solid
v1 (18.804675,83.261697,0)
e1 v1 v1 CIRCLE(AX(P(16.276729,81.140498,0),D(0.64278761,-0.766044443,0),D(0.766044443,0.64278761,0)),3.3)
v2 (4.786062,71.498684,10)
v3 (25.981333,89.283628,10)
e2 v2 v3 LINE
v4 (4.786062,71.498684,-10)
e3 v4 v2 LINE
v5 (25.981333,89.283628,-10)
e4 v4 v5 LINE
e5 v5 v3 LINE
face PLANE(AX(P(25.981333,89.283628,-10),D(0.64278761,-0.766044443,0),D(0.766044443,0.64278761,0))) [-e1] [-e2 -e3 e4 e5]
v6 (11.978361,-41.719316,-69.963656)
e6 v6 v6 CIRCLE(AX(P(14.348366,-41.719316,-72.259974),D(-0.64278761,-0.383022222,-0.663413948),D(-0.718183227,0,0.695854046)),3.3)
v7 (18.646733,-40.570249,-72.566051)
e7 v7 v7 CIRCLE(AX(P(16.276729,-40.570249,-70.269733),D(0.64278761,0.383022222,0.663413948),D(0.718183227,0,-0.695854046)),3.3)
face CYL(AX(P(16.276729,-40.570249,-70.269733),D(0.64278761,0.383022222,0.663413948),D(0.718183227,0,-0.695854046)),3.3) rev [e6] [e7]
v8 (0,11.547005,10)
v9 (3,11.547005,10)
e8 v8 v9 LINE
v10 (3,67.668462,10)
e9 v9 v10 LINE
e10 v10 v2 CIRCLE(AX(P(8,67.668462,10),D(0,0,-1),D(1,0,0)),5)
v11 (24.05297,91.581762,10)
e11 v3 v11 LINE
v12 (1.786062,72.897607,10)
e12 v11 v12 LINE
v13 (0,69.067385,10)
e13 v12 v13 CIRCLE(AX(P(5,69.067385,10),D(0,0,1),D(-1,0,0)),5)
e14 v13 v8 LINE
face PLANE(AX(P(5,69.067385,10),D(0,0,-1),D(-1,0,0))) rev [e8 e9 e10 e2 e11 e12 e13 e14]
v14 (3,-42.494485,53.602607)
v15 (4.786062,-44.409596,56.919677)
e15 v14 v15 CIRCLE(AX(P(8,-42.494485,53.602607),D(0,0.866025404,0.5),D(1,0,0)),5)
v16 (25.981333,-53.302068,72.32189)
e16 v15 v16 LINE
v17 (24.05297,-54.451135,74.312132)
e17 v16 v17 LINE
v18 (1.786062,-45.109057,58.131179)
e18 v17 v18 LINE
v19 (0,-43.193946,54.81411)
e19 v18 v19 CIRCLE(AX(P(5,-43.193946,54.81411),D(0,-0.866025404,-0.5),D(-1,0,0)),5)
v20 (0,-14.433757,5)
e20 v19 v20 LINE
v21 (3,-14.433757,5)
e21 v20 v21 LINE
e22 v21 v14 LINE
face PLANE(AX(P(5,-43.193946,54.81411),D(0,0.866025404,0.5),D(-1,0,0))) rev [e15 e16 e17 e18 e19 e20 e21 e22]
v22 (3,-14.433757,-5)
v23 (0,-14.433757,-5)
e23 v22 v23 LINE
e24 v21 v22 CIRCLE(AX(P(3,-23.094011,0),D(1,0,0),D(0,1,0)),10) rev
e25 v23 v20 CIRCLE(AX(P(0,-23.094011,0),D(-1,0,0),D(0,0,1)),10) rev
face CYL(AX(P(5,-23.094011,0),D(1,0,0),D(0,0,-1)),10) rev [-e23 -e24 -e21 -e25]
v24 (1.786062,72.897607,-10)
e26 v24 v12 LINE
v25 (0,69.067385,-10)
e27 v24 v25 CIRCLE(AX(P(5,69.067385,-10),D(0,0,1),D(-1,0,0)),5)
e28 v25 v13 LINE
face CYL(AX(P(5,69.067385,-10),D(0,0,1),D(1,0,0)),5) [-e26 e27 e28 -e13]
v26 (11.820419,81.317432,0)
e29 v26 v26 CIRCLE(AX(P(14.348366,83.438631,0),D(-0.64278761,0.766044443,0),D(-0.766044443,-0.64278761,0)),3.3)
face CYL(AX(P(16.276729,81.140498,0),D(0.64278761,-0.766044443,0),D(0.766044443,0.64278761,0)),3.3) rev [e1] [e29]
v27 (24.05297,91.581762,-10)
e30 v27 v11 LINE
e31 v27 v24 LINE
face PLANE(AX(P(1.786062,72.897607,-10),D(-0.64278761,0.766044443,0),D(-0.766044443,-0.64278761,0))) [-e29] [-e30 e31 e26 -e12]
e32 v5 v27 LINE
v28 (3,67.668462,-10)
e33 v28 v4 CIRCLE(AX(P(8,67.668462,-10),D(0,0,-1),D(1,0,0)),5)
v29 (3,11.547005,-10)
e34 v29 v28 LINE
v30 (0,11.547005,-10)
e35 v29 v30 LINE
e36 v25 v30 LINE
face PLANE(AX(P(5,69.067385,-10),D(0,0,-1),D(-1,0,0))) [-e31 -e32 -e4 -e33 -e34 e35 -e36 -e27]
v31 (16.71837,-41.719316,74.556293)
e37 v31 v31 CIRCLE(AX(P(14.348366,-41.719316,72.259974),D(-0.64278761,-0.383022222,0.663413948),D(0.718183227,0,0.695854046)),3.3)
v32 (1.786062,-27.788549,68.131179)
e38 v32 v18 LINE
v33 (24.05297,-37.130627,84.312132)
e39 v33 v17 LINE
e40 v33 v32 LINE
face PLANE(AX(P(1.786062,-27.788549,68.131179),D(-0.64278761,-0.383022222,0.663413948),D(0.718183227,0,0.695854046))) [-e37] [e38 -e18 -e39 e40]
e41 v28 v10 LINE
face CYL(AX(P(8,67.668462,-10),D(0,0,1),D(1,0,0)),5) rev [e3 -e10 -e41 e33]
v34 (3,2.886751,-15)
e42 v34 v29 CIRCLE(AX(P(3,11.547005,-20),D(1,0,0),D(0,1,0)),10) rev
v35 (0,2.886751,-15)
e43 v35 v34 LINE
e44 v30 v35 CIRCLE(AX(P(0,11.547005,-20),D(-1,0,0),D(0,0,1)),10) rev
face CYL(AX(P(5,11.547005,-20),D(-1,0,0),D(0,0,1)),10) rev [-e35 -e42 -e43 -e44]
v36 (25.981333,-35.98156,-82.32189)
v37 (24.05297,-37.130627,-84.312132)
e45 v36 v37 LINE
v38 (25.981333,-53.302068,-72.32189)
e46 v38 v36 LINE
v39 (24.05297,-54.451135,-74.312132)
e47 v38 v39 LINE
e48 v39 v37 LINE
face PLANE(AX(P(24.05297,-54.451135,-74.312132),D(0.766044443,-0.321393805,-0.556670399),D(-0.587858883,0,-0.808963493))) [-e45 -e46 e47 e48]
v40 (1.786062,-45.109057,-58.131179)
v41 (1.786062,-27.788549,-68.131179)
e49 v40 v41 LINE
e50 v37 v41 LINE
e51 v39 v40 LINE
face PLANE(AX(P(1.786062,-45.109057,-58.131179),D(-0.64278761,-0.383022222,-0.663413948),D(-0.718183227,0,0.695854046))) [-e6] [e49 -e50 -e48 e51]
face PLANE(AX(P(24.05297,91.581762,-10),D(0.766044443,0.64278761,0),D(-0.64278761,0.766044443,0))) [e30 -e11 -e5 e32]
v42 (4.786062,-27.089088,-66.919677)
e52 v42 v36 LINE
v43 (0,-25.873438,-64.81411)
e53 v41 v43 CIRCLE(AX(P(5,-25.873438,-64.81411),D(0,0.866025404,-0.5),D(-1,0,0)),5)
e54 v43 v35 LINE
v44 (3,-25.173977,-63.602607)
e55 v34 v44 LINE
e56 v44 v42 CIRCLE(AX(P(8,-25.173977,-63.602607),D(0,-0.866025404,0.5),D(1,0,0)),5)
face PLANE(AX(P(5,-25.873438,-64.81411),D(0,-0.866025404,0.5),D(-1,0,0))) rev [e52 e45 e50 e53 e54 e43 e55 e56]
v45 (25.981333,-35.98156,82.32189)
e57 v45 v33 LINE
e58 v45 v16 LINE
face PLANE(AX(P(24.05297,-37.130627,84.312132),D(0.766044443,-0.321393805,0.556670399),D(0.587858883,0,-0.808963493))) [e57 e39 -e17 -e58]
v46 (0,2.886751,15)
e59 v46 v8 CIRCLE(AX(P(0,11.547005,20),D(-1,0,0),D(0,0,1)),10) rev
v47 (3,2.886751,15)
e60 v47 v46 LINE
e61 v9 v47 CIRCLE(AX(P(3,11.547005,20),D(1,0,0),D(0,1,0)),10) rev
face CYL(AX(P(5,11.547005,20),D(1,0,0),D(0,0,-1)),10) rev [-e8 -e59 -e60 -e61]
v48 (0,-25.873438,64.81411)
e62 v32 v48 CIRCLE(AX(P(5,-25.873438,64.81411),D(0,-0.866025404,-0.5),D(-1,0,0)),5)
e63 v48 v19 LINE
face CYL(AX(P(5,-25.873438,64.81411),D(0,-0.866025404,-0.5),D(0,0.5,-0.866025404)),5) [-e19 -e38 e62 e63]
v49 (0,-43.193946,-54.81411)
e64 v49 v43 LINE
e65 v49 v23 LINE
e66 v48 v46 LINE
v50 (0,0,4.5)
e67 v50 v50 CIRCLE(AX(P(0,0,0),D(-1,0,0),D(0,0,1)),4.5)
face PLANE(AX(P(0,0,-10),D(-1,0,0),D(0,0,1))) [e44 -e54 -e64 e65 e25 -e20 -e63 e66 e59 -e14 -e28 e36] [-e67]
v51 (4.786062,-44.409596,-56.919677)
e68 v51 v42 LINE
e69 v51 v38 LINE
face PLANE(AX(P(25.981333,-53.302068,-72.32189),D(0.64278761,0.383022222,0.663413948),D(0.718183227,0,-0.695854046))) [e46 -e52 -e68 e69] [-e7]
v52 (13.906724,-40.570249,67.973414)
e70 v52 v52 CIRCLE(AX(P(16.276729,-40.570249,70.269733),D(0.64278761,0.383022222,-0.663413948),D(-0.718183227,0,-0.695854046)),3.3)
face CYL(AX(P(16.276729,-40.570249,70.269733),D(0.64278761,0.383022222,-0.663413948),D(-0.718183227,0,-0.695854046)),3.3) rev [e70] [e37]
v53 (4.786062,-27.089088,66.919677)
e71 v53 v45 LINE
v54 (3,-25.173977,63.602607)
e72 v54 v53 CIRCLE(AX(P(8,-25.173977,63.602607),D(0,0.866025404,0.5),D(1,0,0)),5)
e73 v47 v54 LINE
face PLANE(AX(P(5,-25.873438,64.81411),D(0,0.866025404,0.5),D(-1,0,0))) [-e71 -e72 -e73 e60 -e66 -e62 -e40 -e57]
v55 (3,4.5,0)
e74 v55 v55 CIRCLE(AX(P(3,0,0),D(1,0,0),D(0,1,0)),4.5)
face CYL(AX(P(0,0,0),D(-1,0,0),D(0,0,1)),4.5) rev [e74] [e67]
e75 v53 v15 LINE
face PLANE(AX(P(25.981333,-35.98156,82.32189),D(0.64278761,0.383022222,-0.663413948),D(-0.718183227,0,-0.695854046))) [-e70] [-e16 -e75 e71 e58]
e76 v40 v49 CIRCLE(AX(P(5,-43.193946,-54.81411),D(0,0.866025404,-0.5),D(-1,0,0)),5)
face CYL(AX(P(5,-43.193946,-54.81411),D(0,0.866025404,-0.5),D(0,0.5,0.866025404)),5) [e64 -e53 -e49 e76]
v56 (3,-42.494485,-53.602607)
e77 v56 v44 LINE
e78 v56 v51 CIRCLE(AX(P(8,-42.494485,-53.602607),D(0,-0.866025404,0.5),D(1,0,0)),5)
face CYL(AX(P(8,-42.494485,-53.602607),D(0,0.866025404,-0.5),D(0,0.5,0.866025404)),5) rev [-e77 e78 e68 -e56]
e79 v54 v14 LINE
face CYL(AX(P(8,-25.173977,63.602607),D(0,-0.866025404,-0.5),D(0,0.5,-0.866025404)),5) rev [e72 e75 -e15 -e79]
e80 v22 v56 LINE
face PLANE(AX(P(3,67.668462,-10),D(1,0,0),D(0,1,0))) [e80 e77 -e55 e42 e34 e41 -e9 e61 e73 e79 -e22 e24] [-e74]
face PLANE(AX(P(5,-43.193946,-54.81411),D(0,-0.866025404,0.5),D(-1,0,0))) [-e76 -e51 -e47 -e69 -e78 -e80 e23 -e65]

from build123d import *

# Parameters (mm, degrees)
EXTRUDE_1_DEPTH          = 10
PATTERN_CIRCULAR_1_COUNT = 3
FILLET_2_R               = 10
HOLE_WIZARD_M82_D        = 9
HOLE_WIZARD_M61_D        = 6.6
PATTERN_CIRCULAR_2_COUNT = 3


with BuildPart() as part:
    # Эскиз1 → Бобышка-Вытянуть1 (new, symmetric)
    with BuildSketch(Plane.XY):
        with BuildLine():
            Line((0, 0), (0, 69.067384684))
            ThreePointArc((0, 69.067384684), (0.468461065, 71.180475992), (1.786061952, 72.897606899))
            Line((1.786061952, 72.897606899), (24.052970465, 91.58176162))
            Line((24.052970465, 91.58176162), (25.981333294, 89.283628291))
            Line((25.981333294, 89.283628291), (4.786061952, 71.498683925))
            ThreePointArc((4.786061952, 71.498683925), (3.468461065, 69.781553018), (3, 67.668461709))
            Line((3, 67.668461709), (3, 0))
            Line((3, 0), (0, 0))
        make_face()
    extrude_1 = extrude(amount=EXTRUDE_1_DEPTH, both=True)

    # Круговой массив1: Бобышка-Вытянуть1 ×3 about axis
    pattern_circular_1_axis = Axis((-26.581598466, 0, 0), (1, 0, 0))
    for i in range(1, PATTERN_CIRCULAR_1_COUNT):
        add(extrude_1.rotate(pattern_circular_1_axis, i * 360 / PATTERN_CIRCULAR_1_COUNT))

    # Скругление2
    fillet_2_edges = [part.edges().sort_by_distance(p)[0] for p in [
        (1.5, 5.773502692, 10),
        (1.5, -11.547005384, 0),
        (1.5, 5.773502692, -10),
    ]]
    fillet(fillet_2_edges, radius=FILLET_2_R)

    # Отверстие с зазором M82 (through all)
    with Locations(Plane(origin=(0, 0, 0), x_dir=(0, 0, -1), z_dir=(-1, 0, 0))):
        with Locations((0, 0)):
            Hole(HOLE_WIZARD_M82_D / 2)

    # Отверстие с зазором M61 (through all)
    with Locations(Plane(origin=(16.276728598, 81.14049807, 0), x_dir=(-0.766044443119, -0.642787609687, 0), z_dir=(0.642787609687, -0.766044443119, 0))):
        with Locations((0, 0)):
            hole_wizard_m61 = Hole(HOLE_WIZARD_M61_D / 2)

    # Круговой массив2: Отверстие с зазором M61 ×3 about axis
    pattern_circular_2_axis = Axis((22.676850282, 0, 0), (-1, 0, 0))
    for i in range(1, PATTERN_CIRCULAR_2_COUNT):
        add(hole_wizard_m61.rotate(pattern_circular_2_axis, i * 360 / PATTERN_CIRCULAR_2_COUNT), mode=Mode.SUBTRACT)


solid = part.part
